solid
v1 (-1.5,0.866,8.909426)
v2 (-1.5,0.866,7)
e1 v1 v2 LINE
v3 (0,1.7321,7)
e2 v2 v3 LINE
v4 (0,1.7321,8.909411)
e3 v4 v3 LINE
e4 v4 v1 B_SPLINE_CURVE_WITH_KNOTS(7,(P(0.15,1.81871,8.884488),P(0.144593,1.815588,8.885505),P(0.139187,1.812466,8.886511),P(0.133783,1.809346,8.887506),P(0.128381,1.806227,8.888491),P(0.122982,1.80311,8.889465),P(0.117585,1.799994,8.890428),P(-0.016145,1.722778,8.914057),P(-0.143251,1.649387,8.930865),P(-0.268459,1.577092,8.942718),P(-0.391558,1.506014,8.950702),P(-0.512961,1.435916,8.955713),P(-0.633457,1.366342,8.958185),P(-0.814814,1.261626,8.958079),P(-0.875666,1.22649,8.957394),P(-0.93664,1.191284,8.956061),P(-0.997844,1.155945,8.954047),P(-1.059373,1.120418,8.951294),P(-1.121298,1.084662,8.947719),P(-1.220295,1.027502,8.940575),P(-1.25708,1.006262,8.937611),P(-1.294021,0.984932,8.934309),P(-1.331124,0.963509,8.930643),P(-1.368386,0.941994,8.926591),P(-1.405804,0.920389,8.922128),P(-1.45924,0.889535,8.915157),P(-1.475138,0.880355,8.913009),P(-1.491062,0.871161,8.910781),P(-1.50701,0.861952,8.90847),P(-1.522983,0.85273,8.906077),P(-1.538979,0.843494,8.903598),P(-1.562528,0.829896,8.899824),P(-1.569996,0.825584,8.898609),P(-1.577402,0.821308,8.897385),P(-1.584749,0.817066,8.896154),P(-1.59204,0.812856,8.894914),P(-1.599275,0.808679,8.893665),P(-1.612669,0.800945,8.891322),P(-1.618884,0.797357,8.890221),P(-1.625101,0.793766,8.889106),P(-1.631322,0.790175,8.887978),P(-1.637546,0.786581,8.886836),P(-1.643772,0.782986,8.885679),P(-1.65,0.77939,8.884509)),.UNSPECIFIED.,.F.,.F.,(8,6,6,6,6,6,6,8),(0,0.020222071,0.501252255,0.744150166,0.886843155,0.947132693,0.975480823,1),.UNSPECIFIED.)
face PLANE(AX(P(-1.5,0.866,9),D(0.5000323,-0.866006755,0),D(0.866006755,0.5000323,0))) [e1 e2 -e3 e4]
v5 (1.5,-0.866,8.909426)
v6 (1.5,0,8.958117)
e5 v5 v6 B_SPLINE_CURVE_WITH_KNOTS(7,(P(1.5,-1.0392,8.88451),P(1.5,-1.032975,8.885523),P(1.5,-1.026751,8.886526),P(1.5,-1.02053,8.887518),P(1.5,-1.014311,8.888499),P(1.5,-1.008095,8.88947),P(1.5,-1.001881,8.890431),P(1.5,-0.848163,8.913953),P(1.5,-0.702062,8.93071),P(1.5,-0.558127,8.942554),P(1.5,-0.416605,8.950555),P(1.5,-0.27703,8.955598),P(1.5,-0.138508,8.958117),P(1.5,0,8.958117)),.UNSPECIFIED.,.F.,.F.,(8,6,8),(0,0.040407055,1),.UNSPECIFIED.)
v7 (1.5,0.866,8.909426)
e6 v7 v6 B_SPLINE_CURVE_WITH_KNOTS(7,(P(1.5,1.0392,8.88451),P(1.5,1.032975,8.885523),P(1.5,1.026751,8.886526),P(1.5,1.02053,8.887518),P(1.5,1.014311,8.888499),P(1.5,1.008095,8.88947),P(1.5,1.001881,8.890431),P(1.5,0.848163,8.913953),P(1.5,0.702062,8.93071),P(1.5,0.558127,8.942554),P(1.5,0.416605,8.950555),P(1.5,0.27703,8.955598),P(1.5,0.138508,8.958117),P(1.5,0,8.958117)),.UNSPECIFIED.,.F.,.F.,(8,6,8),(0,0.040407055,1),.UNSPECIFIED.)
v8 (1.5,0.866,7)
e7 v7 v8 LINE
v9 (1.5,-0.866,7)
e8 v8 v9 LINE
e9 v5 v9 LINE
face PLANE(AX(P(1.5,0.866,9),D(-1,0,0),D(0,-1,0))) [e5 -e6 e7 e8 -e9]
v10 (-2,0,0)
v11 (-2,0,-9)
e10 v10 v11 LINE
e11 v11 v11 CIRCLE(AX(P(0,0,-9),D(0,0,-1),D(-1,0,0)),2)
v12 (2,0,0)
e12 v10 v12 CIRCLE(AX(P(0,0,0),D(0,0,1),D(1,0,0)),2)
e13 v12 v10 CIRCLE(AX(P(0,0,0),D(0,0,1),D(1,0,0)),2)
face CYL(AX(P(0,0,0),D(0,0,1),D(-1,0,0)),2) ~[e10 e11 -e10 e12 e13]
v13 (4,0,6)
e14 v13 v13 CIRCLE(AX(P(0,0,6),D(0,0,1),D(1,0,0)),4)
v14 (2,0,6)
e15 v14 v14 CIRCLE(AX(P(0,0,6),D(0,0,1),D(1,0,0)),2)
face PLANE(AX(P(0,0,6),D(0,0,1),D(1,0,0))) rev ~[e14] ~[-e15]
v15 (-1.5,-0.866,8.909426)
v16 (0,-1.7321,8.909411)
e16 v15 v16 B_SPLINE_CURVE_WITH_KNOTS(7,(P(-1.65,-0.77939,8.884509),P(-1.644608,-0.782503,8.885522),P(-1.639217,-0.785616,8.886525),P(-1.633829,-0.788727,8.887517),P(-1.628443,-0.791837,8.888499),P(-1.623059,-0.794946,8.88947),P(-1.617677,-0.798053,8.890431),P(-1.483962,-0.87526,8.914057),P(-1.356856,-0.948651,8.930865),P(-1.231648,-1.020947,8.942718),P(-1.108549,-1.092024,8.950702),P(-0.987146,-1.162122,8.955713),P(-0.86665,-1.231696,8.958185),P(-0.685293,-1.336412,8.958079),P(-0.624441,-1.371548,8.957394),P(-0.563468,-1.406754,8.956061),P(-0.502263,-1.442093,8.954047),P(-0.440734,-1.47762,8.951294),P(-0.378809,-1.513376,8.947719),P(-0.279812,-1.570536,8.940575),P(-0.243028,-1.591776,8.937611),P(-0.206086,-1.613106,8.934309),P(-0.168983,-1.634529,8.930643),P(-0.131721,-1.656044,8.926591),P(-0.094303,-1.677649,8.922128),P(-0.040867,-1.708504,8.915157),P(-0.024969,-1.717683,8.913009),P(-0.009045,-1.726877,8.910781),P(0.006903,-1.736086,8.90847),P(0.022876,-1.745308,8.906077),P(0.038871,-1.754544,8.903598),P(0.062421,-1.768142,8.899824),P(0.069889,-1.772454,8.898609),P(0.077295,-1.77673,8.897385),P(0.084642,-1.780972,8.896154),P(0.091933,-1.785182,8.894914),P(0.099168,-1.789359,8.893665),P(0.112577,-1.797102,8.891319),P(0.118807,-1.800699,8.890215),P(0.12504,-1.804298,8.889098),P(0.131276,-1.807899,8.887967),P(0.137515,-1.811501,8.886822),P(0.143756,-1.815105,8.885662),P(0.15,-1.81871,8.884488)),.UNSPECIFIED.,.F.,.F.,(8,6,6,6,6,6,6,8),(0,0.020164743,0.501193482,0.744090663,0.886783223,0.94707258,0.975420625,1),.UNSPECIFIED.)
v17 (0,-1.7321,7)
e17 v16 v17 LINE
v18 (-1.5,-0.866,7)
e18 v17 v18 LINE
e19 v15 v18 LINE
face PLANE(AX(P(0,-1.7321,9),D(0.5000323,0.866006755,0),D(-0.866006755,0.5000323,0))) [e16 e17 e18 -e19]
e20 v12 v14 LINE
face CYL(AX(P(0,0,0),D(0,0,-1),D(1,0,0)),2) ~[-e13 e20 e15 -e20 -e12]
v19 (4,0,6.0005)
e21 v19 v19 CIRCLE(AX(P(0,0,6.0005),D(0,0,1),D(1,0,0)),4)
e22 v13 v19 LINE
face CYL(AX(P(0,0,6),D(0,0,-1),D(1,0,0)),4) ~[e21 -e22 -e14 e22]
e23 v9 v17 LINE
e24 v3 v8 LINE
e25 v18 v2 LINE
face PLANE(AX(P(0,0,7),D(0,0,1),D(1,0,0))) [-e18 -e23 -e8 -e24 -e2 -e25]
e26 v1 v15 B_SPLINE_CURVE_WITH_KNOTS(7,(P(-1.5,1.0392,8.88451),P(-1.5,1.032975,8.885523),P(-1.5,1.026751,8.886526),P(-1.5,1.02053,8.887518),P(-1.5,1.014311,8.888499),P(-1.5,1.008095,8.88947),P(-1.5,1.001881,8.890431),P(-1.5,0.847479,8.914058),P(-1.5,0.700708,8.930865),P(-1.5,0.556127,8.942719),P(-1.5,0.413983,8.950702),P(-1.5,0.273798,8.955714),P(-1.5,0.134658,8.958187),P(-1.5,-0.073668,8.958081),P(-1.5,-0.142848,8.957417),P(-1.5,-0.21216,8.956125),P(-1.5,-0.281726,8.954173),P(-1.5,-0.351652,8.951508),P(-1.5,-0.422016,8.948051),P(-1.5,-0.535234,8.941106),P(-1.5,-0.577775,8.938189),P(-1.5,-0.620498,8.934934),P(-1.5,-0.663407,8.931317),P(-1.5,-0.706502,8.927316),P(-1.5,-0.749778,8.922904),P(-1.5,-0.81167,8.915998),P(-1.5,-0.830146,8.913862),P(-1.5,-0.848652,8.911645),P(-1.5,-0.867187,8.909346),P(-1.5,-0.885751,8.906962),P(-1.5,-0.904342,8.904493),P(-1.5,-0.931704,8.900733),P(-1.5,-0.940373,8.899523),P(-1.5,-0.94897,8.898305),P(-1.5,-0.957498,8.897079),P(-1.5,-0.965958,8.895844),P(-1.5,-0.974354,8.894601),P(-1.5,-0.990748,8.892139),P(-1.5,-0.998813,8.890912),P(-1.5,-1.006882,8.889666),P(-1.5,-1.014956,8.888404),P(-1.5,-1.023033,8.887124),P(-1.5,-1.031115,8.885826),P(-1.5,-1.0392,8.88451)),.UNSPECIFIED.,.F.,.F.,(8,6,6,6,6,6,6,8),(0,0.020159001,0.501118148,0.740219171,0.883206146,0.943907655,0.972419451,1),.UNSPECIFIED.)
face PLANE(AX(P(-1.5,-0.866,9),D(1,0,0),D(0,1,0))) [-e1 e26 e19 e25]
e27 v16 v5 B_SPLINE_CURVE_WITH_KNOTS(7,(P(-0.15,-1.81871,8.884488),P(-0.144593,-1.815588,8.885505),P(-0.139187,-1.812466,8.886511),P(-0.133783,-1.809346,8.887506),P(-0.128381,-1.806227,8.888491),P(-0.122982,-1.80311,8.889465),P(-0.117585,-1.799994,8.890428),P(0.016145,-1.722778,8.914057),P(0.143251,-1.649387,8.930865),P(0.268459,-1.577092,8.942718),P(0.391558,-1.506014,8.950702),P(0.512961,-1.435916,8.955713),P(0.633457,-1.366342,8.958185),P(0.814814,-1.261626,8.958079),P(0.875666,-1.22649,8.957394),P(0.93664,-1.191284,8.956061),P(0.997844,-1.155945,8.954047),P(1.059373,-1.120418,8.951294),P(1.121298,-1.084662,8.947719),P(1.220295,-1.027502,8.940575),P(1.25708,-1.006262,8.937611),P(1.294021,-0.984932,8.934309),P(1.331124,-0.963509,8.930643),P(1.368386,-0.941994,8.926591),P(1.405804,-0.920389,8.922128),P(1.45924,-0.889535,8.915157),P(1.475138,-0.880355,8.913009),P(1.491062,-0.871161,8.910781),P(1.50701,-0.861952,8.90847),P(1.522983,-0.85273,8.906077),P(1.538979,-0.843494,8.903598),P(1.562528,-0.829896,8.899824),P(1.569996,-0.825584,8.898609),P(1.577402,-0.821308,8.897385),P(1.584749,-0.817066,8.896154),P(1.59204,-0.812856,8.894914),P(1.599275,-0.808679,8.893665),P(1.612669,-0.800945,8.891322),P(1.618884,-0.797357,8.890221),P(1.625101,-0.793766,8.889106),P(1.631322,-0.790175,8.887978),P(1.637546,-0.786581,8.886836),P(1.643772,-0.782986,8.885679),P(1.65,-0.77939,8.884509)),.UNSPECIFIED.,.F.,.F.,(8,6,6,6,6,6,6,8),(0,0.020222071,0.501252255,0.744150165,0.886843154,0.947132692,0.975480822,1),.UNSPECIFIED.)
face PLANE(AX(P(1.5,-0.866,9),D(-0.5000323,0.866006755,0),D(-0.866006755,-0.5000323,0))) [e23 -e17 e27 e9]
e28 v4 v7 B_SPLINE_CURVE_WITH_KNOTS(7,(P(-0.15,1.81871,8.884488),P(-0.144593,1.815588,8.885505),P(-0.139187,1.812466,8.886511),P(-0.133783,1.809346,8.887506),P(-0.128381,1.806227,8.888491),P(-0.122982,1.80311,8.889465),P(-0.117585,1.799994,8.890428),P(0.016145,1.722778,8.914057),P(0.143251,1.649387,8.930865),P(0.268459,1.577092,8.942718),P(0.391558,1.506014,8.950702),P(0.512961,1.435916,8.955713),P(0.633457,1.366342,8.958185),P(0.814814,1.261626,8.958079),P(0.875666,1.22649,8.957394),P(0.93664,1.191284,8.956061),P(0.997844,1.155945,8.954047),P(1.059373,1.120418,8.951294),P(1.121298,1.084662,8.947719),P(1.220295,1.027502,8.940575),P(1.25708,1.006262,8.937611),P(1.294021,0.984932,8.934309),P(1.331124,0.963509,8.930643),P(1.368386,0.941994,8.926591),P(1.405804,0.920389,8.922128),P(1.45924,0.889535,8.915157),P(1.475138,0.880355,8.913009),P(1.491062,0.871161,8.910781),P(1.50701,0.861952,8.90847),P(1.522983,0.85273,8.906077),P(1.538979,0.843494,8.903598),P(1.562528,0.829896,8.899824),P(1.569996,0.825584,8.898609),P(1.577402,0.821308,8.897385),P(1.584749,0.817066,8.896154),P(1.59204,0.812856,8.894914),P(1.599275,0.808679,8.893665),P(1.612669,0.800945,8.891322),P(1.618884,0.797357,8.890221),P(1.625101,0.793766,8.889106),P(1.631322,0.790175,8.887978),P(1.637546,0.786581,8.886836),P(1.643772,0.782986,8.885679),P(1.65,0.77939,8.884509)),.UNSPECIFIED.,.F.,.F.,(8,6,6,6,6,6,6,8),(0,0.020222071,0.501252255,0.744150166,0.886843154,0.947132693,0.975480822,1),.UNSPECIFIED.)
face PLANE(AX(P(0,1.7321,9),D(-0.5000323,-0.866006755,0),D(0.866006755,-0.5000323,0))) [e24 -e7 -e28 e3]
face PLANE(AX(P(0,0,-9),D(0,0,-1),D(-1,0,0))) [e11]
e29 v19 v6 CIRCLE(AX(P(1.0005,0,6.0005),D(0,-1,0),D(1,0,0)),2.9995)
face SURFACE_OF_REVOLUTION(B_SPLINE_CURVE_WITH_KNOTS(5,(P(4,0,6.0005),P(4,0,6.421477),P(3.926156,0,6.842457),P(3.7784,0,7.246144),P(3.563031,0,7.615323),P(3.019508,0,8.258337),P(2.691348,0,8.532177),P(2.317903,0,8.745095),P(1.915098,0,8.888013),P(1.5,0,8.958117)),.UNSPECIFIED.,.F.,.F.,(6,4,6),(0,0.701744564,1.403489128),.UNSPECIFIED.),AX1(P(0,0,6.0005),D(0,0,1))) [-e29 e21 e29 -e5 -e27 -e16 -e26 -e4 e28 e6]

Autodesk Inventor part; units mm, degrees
ref_plane "YZ Plane" through (0, 0, 0) normal (1, 0, 0) x (0, 1, 0)
ref_plane "XZ Plane" through (0, 0, 0) normal (0, 1, 0) x (-1, 0, 0)
ref_plane "XY Plane" through (0, 0, 0) normal (0, 0, 1) x (1, 0, 0)
sketch "スケッチ1" plane through (0, 0, 0) normal (0, 0, 1) x (1, 0, 0)
  circle A0 centre (0, 0) radius 2
  dimension "d0" = 4
extrude "押し出し1" add sketch "スケッチ1" along normal blind 6
sketch "スケッチ2" plane through (0, 0, 6) normal (0, 0, 1) x (1, 0, 0)
  circle A0 centre (0, 0) radius 2 projected
  circle A1 centre (0, 0) radius 4
  dimension "d3" = 8
extrude "押し出し2" add sketch "スケッチ2" along normal blind 3 contours A0 | A1
fillet "フィレット1" radius 3 1 edges at (-4, 0, 9)
thread "ねじ1" size "M4x0.7" class "6g" standard "ANSI Metric M Profile" full length
sketch "スケッチ3" plane through (0, 0, 0) normal (0, 0, -1) x (-1, 0, 0)
  circle A0 centre (0, 0) radius 2
extrude "押し出し3" add sketch "スケッチ3" along normal blind 9
sketch "スケッチ4" plane through (0, 0, 9) normal (0, 0, 1) x (1, 0, 0)
  line L0 (-1.5, 0.866) -> (0, 1.7321)
  line L1 (0, 1.7321) -> (1.5, 0.866)
  line L2 (1.5, 0.866) -> (1.5, -0.866)
  line L3 (1.5, -0.866) -> (0, -1.7321)
  line L4 (0, -1.7321) -> (-1.5, -0.866)
  line L5 (-1.5, -0.866) -> (-1.5, 0.866)
  point P0 (0, 0)
  point P1 (0, 0)
  point P2 (-1.5, 0)
  dimension "d11" = 3
extrude "押し出し4" cut sketch "スケッチ4" against normal blind 2
properties part number "SB　M4 15mm なべネジ (1)" material "Stainless Steel, 440C"
